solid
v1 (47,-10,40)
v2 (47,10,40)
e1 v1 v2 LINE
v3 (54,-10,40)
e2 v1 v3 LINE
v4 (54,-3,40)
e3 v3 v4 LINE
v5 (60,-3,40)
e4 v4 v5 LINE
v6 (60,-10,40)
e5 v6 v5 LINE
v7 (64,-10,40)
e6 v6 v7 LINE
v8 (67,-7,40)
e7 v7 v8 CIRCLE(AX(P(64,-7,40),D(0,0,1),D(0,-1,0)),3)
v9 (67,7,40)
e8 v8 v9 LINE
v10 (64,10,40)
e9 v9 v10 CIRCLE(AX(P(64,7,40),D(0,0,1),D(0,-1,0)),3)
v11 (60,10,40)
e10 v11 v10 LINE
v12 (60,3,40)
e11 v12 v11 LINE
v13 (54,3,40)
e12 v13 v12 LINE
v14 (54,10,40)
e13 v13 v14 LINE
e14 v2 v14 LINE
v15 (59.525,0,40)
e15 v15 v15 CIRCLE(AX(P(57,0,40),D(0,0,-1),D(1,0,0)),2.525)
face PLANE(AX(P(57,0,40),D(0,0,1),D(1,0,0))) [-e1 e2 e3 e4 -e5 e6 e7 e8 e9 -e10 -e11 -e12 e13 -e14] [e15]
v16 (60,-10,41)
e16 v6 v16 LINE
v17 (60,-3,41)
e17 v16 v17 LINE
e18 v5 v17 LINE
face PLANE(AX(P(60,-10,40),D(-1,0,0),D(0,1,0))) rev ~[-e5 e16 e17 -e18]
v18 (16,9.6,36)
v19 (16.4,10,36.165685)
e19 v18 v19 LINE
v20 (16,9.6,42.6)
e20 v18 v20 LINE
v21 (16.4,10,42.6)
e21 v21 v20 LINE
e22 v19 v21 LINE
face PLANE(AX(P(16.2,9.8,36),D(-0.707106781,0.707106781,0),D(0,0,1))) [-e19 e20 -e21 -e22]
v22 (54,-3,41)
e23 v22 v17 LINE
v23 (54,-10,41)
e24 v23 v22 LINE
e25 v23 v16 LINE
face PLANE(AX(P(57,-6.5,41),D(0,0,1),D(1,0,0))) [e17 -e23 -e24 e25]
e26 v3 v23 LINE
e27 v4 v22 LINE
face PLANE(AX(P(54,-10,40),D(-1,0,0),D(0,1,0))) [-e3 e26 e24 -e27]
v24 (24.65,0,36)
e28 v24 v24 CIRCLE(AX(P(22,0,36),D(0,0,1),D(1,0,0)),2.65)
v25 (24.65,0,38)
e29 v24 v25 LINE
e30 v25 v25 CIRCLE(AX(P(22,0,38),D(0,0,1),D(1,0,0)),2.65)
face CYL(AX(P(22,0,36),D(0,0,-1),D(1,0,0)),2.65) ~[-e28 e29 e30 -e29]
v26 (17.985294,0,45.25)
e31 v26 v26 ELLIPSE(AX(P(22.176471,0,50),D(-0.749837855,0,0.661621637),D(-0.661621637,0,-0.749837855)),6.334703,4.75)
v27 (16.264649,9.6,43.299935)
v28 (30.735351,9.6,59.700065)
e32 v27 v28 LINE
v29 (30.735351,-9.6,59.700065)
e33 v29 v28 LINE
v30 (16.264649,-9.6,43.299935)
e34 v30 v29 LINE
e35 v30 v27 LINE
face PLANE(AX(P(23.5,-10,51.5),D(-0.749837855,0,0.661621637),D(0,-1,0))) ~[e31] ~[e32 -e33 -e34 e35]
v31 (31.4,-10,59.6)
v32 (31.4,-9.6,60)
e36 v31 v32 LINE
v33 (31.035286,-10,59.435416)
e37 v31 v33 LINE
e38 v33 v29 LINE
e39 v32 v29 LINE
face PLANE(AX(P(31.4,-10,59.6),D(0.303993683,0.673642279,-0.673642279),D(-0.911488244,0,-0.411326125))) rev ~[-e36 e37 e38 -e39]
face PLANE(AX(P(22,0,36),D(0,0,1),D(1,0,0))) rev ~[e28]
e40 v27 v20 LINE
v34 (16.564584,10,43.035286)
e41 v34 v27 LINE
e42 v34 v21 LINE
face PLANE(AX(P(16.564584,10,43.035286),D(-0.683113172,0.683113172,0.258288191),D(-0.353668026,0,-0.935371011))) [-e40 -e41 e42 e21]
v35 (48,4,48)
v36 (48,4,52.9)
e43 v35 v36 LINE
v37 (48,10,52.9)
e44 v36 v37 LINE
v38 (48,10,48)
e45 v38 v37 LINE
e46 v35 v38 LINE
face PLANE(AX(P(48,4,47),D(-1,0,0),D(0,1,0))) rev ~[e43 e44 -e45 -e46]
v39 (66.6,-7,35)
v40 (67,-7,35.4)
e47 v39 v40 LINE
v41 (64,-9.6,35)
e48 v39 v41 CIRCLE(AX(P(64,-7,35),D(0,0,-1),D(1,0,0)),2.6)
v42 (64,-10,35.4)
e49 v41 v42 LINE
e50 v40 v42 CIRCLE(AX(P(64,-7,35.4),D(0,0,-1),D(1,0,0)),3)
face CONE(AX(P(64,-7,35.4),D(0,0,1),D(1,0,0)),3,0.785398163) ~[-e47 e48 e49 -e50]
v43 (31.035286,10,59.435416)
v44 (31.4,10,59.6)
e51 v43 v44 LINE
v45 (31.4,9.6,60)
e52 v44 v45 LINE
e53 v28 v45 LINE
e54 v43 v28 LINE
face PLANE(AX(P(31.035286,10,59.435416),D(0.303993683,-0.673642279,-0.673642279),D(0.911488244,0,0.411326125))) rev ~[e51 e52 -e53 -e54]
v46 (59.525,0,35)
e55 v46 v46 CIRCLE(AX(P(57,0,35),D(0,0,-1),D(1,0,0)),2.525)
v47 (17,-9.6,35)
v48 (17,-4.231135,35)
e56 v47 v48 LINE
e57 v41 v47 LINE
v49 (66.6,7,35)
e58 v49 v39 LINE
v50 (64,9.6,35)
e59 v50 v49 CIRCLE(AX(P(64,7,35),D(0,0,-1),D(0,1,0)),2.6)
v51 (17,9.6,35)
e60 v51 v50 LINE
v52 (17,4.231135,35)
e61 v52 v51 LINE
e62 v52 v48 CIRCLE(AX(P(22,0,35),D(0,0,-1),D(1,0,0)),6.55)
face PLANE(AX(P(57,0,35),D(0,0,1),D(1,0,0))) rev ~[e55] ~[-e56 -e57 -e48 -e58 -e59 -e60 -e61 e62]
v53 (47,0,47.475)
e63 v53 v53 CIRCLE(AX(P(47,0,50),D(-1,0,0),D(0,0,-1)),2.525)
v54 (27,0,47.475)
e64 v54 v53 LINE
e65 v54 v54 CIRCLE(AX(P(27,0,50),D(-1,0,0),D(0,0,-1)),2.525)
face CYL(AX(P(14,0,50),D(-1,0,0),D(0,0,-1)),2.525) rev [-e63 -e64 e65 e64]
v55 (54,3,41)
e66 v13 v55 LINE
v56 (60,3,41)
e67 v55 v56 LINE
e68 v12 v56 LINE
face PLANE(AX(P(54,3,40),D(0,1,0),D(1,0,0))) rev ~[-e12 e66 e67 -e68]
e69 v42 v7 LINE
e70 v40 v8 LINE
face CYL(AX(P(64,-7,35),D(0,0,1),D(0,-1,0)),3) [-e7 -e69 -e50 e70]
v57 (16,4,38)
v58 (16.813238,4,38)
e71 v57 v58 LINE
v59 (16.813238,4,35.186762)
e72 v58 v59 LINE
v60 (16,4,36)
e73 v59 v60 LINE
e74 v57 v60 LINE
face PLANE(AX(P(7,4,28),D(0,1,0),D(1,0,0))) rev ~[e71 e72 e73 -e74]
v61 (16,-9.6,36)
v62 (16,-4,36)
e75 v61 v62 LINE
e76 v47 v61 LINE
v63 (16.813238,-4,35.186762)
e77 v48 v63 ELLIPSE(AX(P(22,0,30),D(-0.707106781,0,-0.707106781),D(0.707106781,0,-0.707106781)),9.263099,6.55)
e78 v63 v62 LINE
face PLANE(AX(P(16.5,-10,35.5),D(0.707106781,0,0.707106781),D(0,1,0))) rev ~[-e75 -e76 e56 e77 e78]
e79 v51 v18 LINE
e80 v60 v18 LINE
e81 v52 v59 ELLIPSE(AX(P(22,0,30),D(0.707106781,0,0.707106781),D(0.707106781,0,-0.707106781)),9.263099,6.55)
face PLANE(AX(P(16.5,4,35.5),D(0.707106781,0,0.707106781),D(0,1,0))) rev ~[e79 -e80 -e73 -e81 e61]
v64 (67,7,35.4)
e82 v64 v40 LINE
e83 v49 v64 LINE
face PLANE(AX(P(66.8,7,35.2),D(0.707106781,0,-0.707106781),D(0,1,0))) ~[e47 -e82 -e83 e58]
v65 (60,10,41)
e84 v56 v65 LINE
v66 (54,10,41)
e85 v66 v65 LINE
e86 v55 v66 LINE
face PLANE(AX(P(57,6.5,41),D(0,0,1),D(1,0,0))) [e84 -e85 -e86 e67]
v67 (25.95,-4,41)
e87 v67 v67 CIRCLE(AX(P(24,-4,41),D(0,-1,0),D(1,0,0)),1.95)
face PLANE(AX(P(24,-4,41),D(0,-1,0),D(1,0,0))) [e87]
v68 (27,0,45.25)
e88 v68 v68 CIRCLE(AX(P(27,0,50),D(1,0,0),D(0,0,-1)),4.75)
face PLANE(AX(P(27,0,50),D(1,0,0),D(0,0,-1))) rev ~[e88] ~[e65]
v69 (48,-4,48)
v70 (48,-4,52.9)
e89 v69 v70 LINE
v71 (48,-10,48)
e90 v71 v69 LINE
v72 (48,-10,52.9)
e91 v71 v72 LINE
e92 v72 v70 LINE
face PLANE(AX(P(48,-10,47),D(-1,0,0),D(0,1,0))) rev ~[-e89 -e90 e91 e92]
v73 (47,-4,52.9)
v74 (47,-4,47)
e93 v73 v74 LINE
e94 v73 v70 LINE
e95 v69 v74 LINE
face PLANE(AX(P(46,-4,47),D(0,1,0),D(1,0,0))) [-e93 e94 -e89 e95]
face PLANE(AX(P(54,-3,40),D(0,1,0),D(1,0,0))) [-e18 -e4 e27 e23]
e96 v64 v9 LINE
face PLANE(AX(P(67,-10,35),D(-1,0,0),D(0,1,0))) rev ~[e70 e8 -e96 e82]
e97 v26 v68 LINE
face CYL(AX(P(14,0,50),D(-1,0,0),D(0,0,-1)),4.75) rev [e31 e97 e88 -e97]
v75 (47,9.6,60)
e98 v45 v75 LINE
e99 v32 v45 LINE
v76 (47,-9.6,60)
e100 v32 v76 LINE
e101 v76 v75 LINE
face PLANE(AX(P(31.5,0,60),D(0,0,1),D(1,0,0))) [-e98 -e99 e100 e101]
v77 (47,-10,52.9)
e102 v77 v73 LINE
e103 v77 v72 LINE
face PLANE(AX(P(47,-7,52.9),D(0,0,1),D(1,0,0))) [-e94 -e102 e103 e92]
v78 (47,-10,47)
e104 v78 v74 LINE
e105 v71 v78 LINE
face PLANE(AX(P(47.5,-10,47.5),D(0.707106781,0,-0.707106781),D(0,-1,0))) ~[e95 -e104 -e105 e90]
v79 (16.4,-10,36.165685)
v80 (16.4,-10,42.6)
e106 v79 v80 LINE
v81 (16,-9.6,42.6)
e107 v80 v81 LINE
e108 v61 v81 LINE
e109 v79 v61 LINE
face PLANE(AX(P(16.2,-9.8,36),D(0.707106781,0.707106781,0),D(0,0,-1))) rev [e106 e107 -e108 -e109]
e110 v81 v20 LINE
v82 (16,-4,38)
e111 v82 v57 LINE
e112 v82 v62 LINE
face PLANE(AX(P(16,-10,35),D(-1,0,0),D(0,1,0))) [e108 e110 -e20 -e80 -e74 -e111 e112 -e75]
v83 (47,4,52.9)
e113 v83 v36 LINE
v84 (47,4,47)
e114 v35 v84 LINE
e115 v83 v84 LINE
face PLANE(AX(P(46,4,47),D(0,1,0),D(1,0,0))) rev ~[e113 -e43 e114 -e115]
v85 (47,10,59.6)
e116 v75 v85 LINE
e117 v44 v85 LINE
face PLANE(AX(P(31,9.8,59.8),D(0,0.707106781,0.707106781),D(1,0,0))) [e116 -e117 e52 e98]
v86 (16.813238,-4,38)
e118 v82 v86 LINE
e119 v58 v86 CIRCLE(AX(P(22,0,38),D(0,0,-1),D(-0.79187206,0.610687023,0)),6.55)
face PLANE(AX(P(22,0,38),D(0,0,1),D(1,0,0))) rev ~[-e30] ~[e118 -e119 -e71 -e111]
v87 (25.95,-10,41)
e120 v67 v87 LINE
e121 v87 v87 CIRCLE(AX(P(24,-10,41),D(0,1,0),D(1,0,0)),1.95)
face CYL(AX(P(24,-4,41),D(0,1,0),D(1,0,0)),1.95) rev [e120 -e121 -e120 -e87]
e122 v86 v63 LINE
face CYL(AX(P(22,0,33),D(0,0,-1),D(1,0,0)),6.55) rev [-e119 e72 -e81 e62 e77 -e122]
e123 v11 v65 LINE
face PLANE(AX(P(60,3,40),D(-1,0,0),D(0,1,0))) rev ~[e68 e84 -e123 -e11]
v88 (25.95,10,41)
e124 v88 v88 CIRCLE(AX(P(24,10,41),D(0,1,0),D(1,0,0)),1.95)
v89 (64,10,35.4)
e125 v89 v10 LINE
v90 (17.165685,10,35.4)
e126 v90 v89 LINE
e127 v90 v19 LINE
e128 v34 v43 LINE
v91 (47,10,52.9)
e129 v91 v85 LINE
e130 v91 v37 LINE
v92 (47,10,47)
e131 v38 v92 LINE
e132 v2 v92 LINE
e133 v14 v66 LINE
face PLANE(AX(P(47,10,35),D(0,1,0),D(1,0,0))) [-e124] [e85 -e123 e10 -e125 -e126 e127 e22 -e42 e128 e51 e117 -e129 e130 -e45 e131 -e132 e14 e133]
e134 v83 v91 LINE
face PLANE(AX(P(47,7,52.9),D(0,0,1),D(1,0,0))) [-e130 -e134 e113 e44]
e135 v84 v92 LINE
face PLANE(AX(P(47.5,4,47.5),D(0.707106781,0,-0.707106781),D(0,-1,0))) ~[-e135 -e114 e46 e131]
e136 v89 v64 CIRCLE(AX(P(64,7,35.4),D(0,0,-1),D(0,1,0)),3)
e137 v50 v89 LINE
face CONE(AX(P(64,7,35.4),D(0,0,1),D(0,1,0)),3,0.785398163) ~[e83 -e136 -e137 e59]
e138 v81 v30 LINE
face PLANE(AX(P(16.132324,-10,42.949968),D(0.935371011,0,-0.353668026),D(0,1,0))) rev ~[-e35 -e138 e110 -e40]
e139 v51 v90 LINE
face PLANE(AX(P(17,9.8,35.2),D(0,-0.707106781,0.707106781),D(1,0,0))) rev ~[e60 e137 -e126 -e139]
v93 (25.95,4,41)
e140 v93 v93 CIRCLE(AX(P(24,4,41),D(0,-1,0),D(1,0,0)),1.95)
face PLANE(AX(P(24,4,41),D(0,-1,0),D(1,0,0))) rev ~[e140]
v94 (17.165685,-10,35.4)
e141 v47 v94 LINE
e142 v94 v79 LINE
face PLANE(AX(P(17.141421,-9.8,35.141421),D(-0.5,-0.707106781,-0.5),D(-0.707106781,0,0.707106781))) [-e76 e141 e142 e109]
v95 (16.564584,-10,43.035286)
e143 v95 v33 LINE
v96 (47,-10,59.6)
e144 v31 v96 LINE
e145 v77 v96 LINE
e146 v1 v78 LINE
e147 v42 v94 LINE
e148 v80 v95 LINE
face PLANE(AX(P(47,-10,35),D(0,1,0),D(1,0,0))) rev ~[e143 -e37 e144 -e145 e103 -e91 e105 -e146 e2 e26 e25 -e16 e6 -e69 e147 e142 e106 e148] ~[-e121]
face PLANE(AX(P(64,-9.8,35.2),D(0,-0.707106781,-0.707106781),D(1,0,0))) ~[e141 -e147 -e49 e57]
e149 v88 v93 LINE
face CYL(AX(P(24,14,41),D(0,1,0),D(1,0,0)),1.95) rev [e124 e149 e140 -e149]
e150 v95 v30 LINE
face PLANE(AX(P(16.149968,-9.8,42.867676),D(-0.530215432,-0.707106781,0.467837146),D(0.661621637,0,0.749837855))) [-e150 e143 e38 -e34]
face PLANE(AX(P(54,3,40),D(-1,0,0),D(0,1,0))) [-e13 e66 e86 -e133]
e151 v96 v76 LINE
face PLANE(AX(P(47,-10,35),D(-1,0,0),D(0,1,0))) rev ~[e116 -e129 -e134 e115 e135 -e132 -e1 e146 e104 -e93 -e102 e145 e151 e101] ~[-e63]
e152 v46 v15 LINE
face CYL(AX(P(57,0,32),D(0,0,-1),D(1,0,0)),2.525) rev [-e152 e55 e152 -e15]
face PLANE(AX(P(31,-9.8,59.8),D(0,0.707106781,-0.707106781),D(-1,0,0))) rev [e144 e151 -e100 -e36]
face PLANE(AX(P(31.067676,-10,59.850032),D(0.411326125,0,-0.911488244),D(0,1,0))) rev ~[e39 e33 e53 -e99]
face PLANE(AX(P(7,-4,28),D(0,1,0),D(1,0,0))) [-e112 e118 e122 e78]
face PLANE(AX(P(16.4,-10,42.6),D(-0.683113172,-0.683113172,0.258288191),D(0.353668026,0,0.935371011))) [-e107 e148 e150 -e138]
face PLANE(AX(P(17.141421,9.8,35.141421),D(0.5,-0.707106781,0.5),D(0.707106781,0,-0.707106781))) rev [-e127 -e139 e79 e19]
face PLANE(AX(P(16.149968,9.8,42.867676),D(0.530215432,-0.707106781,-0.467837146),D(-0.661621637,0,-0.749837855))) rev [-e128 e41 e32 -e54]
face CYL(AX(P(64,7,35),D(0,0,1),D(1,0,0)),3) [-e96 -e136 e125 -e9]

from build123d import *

# Parameters (mm, degrees)
CYLINDER012_R                      = 1.95
CYLINDER012_DEPTH                  = 10
CYLINDER011_R                      = 1.95
CYLINDER011_DEPTH                  = 10
CYLINDER007_R                      = 2.525
CYLINDER007_DEPTH                  = 37
CYLINDER008_R                      = 4.75
CYLINDER008_DEPTH                  = 13
CYLINDER006_R                      = 2.65
CYLINDER006_DEPTH                  = 2
CYLINDER005_R                      = 6.55
CYLINDER005_DEPTH                  = 5
BOX023_W                           = 12
BOX023_H                           = 8
BOX023_DEPTH                       = 10
BOX019_W                           = 2
BOX019_H                           = 6
BOX019_DEPTH                       = 5.9
BOX020_W                           = 2
BOX020_H                           = 6
BOX020_DEPTH                       = 5.9
CHAMFER004013007011015006006_SIZE  = 1
CYLINDER009_R                      = 2.525
CYLINDER009_DEPTH                  = 10
BOX018_W                           = 20
BOX018_H                           = 20
BOX018_DEPTH                       = 5
FILLET_R                           = 3
BOX021_W                           = 6
BOX021_H                           = 7
BOX021_DEPTH                       = 1
BOX022_W                           = 6
BOX022_H                           = 7
BOX022_DEPTH                       = 1
BOX017_W                           = 31
BOX017_H                           = 20
BOX017_DEPTH                       = 25
CHAMFER004013007011015006005_SIZE2 = 15
CHAMFER004013007011015006005_SIZE  = 17
CHAMFER004013007011015006007_SIZE  = 1
CHAMFER004013007011015006008_SIZE  = 0.4


with BuildPart() as cylinder012:
    # Cylinder012 → Cylinder012 (new body)
    with BuildSketch(Plane(origin=(24, 14, 41), x_dir=(1, 0, 0), z_dir=(0, -1, 0))):
        Circle(CYLINDER012_R)
    extrude(amount=CYLINDER012_DEPTH)


with BuildPart() as fusion004023:
    # Cylinder011 → Cylinder011 (new body)
    with BuildSketch(Plane(origin=(24, -4, 41), x_dir=(1, 0, 0), z_dir=(0, -1, 0))):
        Circle(CYLINDER011_R)
    extrude(amount=CYLINDER011_DEPTH)

    # Fusion004023: union Cylinder012
    add(cylinder012.part)


with BuildPart() as cylinder007:
    # Cylinder007 → Cylinder007 (new body)
    with BuildSketch(Plane(origin=(14, 0, 50), x_dir=(0, 0, -1), z_dir=(1, 0, 0))):
        Circle(CYLINDER007_R)
    extrude(amount=CYLINDER007_DEPTH)


with BuildPart() as fusion004019:
    # Cylinder008 → Cylinder008 (new body)
    with BuildSketch(Plane(origin=(14, 0, 50), x_dir=(0, 0, -1), z_dir=(1, 0, 0))):
        Circle(CYLINDER008_R)
    extrude(amount=CYLINDER008_DEPTH)

    # Fusion004019: union Cylinder007
    add(cylinder007.part)


with BuildPart() as cylinder006:
    # Cylinder006 → Cylinder006 (new body)
    with BuildSketch(Plane.XY.offset(3)):
        Circle(CYLINDER006_R)
    extrude(amount=CYLINDER006_DEPTH)


with BuildPart() as cut028006004005005:
    # Cylinder005 → Cylinder005 (new body)
    with BuildSketch(Plane.XY):
        Circle(CYLINDER005_R)
    extrude(amount=CYLINDER005_DEPTH)

    # Cut028006004005005: cut Cylinder006
    add(cylinder006.part, mode=Mode.SUBTRACT)


with BuildPart() as cut028006004005005_1:
    # Cut028006004005005 placement: moved
    add(cut028006004005005.part.moved(Location((22, 0, 33))))


with BuildPart() as fusion004022:
    # Box023 → Box023 (new body)
    with BuildSketch(Plane(origin=(7, -4, 28), x_dir=(1, 0, 0), z_dir=(0, 0, 1))):
        with Locations((6, 4)):
            Rectangle(BOX023_W, BOX023_H)
    extrude(amount=BOX023_DEPTH)

    # Fusion004022: union Cut028006004005005
    add(cut028006004005005_1.part)


with BuildPart() as cube019:
    # Box019 → Box019 (new body)
    with BuildSketch(Plane(origin=(46, -10, 47), x_dir=(1, 0, 0), z_dir=(0, 0, 1))):
        with Locations((1, 3)):
            Rectangle(BOX019_W, BOX019_H)
    extrude(amount=BOX019_DEPTH)


with BuildPart() as chamfer004013007011015006006:
    # Box020 → Box020 (new body)
    with BuildSketch(Plane(origin=(46, 4, 47), x_dir=(1, 0, 0), z_dir=(0, 0, 1))):
        with Locations((1, 3)):
            Rectangle(BOX020_W, BOX020_H)
    extrude(amount=BOX020_DEPTH)

    # Fusion004018: union Cube019
    add(cube019.part)

    # Chamfer004013007011015006006
    chamfer004013007011015006006_edges = [chamfer004013007011015006006.edges().sort_by_distance(p)[0] for p in [
        (48, 7, 47),
        (48, -7, 47),
    ]]
    chamfer(chamfer004013007011015006006_edges, length=CHAMFER004013007011015006006_SIZE)


with BuildPart() as cylinder009:
    # Cylinder009 → Cylinder009 (new body)
    with BuildSketch(Plane(origin=(57, 0, 32), x_dir=(1, 0, 0), z_dir=(0, 0, 1))):
        Circle(CYLINDER009_R)
    extrude(amount=CYLINDER009_DEPTH)


with BuildPart() as fillet_body:
    # Box018 → Box018 (new body)
    with BuildSketch(Plane(origin=(47, -10, 35), x_dir=(1, 0, 0), z_dir=(0, 0, 1))):
        with Locations((10, 10)):
            Rectangle(BOX018_W, BOX018_H)
    extrude(amount=BOX018_DEPTH)

    # Fillet
    fillet_edges = [fillet_body.edges().sort_by_distance(p)[0] for p in [
        (67, -10, 37.5),
        (67, 10, 37.5),
    ]]
    fillet(fillet_edges, radius=FILLET_R)


with BuildPart() as cube021:
    # Box021 → Box021 (new body)
    with BuildSketch(Plane(origin=(54, -10, 40), x_dir=(1, 0, 0), z_dir=(0, 0, 1))):
        with Locations((3, 3.5)):
            Rectangle(BOX021_W, BOX021_H)
    extrude(amount=BOX021_DEPTH)


with BuildPart() as cut028006004005004:
    # Box022 → Box022 (new body)
    with BuildSketch(Plane(origin=(54, 3, 40), x_dir=(1, 0, 0), z_dir=(0, 0, 1))):
        with Locations((3, 3.5)):
            Rectangle(BOX022_W, BOX022_H)
    extrude(amount=BOX022_DEPTH)

    # Fusion004020: union Fillet body, Cube021
    add(fillet_body.part)
    add(cube021.part)

    # Cut028006004005004: cut Cylinder009
    add(cylinder009.part, mode=Mode.SUBTRACT)


with BuildPart() as bed_frame_mounter_btm:
    # Box017 → Box017 (new body)
    with BuildSketch(Plane(origin=(16, -10, 35), x_dir=(1, 0, 0), z_dir=(0, 0, 1))):
        with Locations((15.5, 10)):
            Rectangle(BOX017_W, BOX017_H)
    extrude(amount=BOX017_DEPTH)

    # Chamfer004013007011015006005
    chamfer004013007011015006005_edges = [bed_frame_mounter_btm.edges().sort_by_distance(p)[0] for p in [
        (16, 0, 60),
    ]]
    chamfer004013007011015006005_side = bed_frame_mounter_btm.faces().sort_by_distance((16, 0, 47.5))[0]
    chamfer(chamfer004013007011015006005_edges, length=CHAMFER004013007011015006005_SIZE, length2=CHAMFER004013007011015006005_SIZE2, reference=chamfer004013007011015006005_side)

    # Fusion004021: union Chamfer004013007011015006006, Cut028006004005004
    add(chamfer004013007011015006006.part)
    add(cut028006004005004.part)

    # Cut028006004005006: cut Fusion004022
    add(fusion004022.part, mode=Mode.SUBTRACT)

    # Chamfer004013007011015006007
    chamfer004013007011015006007_edges = [bed_frame_mounter_btm.edges().sort_by_distance(p)[0] for p in [
        (16, 7, 35),
        (16, -7, 35),
    ]]
    chamfer(chamfer004013007011015006007_edges, length=CHAMFER004013007011015006007_SIZE)

    # Cut028006004005007: cut Fusion004019
    add(fusion004019.part, mode=Mode.SUBTRACT)

    # Chamfer004013007011015006008
    chamfer004013007011015006008_edges = [bed_frame_mounter_btm.edges().sort_by_distance(p)[0] for p in [
        (16, 10, 39.5),
        (16, 0, 43),
        (16, -10, 39.5),
        (16.5, 10, 35.5),
        (23.5, 10, 51.5),
        (32, 10, 35),
        (39, 10, 60),
        (23.5, -10, 51.5),
        (31, 0, 60),
        (16.5, -10, 35.5),
        (32, -10, 35),
        (39, -10, 60),
        (55.5, 10, 35),
        (55.5, -10, 35),
        (66.12132, 9.12132, 35),
        (67, 0, 35),
        (66.12132, -9.12132, 35),
    ]]
    chamfer(chamfer004013007011015006008_edges, length=CHAMFER004013007011015006008_SIZE)

    # Cut028006004005008: cut Fusion004023
    add(fusion004023.part, mode=Mode.SUBTRACT)


solid = bed_frame_mounter_btm.part
